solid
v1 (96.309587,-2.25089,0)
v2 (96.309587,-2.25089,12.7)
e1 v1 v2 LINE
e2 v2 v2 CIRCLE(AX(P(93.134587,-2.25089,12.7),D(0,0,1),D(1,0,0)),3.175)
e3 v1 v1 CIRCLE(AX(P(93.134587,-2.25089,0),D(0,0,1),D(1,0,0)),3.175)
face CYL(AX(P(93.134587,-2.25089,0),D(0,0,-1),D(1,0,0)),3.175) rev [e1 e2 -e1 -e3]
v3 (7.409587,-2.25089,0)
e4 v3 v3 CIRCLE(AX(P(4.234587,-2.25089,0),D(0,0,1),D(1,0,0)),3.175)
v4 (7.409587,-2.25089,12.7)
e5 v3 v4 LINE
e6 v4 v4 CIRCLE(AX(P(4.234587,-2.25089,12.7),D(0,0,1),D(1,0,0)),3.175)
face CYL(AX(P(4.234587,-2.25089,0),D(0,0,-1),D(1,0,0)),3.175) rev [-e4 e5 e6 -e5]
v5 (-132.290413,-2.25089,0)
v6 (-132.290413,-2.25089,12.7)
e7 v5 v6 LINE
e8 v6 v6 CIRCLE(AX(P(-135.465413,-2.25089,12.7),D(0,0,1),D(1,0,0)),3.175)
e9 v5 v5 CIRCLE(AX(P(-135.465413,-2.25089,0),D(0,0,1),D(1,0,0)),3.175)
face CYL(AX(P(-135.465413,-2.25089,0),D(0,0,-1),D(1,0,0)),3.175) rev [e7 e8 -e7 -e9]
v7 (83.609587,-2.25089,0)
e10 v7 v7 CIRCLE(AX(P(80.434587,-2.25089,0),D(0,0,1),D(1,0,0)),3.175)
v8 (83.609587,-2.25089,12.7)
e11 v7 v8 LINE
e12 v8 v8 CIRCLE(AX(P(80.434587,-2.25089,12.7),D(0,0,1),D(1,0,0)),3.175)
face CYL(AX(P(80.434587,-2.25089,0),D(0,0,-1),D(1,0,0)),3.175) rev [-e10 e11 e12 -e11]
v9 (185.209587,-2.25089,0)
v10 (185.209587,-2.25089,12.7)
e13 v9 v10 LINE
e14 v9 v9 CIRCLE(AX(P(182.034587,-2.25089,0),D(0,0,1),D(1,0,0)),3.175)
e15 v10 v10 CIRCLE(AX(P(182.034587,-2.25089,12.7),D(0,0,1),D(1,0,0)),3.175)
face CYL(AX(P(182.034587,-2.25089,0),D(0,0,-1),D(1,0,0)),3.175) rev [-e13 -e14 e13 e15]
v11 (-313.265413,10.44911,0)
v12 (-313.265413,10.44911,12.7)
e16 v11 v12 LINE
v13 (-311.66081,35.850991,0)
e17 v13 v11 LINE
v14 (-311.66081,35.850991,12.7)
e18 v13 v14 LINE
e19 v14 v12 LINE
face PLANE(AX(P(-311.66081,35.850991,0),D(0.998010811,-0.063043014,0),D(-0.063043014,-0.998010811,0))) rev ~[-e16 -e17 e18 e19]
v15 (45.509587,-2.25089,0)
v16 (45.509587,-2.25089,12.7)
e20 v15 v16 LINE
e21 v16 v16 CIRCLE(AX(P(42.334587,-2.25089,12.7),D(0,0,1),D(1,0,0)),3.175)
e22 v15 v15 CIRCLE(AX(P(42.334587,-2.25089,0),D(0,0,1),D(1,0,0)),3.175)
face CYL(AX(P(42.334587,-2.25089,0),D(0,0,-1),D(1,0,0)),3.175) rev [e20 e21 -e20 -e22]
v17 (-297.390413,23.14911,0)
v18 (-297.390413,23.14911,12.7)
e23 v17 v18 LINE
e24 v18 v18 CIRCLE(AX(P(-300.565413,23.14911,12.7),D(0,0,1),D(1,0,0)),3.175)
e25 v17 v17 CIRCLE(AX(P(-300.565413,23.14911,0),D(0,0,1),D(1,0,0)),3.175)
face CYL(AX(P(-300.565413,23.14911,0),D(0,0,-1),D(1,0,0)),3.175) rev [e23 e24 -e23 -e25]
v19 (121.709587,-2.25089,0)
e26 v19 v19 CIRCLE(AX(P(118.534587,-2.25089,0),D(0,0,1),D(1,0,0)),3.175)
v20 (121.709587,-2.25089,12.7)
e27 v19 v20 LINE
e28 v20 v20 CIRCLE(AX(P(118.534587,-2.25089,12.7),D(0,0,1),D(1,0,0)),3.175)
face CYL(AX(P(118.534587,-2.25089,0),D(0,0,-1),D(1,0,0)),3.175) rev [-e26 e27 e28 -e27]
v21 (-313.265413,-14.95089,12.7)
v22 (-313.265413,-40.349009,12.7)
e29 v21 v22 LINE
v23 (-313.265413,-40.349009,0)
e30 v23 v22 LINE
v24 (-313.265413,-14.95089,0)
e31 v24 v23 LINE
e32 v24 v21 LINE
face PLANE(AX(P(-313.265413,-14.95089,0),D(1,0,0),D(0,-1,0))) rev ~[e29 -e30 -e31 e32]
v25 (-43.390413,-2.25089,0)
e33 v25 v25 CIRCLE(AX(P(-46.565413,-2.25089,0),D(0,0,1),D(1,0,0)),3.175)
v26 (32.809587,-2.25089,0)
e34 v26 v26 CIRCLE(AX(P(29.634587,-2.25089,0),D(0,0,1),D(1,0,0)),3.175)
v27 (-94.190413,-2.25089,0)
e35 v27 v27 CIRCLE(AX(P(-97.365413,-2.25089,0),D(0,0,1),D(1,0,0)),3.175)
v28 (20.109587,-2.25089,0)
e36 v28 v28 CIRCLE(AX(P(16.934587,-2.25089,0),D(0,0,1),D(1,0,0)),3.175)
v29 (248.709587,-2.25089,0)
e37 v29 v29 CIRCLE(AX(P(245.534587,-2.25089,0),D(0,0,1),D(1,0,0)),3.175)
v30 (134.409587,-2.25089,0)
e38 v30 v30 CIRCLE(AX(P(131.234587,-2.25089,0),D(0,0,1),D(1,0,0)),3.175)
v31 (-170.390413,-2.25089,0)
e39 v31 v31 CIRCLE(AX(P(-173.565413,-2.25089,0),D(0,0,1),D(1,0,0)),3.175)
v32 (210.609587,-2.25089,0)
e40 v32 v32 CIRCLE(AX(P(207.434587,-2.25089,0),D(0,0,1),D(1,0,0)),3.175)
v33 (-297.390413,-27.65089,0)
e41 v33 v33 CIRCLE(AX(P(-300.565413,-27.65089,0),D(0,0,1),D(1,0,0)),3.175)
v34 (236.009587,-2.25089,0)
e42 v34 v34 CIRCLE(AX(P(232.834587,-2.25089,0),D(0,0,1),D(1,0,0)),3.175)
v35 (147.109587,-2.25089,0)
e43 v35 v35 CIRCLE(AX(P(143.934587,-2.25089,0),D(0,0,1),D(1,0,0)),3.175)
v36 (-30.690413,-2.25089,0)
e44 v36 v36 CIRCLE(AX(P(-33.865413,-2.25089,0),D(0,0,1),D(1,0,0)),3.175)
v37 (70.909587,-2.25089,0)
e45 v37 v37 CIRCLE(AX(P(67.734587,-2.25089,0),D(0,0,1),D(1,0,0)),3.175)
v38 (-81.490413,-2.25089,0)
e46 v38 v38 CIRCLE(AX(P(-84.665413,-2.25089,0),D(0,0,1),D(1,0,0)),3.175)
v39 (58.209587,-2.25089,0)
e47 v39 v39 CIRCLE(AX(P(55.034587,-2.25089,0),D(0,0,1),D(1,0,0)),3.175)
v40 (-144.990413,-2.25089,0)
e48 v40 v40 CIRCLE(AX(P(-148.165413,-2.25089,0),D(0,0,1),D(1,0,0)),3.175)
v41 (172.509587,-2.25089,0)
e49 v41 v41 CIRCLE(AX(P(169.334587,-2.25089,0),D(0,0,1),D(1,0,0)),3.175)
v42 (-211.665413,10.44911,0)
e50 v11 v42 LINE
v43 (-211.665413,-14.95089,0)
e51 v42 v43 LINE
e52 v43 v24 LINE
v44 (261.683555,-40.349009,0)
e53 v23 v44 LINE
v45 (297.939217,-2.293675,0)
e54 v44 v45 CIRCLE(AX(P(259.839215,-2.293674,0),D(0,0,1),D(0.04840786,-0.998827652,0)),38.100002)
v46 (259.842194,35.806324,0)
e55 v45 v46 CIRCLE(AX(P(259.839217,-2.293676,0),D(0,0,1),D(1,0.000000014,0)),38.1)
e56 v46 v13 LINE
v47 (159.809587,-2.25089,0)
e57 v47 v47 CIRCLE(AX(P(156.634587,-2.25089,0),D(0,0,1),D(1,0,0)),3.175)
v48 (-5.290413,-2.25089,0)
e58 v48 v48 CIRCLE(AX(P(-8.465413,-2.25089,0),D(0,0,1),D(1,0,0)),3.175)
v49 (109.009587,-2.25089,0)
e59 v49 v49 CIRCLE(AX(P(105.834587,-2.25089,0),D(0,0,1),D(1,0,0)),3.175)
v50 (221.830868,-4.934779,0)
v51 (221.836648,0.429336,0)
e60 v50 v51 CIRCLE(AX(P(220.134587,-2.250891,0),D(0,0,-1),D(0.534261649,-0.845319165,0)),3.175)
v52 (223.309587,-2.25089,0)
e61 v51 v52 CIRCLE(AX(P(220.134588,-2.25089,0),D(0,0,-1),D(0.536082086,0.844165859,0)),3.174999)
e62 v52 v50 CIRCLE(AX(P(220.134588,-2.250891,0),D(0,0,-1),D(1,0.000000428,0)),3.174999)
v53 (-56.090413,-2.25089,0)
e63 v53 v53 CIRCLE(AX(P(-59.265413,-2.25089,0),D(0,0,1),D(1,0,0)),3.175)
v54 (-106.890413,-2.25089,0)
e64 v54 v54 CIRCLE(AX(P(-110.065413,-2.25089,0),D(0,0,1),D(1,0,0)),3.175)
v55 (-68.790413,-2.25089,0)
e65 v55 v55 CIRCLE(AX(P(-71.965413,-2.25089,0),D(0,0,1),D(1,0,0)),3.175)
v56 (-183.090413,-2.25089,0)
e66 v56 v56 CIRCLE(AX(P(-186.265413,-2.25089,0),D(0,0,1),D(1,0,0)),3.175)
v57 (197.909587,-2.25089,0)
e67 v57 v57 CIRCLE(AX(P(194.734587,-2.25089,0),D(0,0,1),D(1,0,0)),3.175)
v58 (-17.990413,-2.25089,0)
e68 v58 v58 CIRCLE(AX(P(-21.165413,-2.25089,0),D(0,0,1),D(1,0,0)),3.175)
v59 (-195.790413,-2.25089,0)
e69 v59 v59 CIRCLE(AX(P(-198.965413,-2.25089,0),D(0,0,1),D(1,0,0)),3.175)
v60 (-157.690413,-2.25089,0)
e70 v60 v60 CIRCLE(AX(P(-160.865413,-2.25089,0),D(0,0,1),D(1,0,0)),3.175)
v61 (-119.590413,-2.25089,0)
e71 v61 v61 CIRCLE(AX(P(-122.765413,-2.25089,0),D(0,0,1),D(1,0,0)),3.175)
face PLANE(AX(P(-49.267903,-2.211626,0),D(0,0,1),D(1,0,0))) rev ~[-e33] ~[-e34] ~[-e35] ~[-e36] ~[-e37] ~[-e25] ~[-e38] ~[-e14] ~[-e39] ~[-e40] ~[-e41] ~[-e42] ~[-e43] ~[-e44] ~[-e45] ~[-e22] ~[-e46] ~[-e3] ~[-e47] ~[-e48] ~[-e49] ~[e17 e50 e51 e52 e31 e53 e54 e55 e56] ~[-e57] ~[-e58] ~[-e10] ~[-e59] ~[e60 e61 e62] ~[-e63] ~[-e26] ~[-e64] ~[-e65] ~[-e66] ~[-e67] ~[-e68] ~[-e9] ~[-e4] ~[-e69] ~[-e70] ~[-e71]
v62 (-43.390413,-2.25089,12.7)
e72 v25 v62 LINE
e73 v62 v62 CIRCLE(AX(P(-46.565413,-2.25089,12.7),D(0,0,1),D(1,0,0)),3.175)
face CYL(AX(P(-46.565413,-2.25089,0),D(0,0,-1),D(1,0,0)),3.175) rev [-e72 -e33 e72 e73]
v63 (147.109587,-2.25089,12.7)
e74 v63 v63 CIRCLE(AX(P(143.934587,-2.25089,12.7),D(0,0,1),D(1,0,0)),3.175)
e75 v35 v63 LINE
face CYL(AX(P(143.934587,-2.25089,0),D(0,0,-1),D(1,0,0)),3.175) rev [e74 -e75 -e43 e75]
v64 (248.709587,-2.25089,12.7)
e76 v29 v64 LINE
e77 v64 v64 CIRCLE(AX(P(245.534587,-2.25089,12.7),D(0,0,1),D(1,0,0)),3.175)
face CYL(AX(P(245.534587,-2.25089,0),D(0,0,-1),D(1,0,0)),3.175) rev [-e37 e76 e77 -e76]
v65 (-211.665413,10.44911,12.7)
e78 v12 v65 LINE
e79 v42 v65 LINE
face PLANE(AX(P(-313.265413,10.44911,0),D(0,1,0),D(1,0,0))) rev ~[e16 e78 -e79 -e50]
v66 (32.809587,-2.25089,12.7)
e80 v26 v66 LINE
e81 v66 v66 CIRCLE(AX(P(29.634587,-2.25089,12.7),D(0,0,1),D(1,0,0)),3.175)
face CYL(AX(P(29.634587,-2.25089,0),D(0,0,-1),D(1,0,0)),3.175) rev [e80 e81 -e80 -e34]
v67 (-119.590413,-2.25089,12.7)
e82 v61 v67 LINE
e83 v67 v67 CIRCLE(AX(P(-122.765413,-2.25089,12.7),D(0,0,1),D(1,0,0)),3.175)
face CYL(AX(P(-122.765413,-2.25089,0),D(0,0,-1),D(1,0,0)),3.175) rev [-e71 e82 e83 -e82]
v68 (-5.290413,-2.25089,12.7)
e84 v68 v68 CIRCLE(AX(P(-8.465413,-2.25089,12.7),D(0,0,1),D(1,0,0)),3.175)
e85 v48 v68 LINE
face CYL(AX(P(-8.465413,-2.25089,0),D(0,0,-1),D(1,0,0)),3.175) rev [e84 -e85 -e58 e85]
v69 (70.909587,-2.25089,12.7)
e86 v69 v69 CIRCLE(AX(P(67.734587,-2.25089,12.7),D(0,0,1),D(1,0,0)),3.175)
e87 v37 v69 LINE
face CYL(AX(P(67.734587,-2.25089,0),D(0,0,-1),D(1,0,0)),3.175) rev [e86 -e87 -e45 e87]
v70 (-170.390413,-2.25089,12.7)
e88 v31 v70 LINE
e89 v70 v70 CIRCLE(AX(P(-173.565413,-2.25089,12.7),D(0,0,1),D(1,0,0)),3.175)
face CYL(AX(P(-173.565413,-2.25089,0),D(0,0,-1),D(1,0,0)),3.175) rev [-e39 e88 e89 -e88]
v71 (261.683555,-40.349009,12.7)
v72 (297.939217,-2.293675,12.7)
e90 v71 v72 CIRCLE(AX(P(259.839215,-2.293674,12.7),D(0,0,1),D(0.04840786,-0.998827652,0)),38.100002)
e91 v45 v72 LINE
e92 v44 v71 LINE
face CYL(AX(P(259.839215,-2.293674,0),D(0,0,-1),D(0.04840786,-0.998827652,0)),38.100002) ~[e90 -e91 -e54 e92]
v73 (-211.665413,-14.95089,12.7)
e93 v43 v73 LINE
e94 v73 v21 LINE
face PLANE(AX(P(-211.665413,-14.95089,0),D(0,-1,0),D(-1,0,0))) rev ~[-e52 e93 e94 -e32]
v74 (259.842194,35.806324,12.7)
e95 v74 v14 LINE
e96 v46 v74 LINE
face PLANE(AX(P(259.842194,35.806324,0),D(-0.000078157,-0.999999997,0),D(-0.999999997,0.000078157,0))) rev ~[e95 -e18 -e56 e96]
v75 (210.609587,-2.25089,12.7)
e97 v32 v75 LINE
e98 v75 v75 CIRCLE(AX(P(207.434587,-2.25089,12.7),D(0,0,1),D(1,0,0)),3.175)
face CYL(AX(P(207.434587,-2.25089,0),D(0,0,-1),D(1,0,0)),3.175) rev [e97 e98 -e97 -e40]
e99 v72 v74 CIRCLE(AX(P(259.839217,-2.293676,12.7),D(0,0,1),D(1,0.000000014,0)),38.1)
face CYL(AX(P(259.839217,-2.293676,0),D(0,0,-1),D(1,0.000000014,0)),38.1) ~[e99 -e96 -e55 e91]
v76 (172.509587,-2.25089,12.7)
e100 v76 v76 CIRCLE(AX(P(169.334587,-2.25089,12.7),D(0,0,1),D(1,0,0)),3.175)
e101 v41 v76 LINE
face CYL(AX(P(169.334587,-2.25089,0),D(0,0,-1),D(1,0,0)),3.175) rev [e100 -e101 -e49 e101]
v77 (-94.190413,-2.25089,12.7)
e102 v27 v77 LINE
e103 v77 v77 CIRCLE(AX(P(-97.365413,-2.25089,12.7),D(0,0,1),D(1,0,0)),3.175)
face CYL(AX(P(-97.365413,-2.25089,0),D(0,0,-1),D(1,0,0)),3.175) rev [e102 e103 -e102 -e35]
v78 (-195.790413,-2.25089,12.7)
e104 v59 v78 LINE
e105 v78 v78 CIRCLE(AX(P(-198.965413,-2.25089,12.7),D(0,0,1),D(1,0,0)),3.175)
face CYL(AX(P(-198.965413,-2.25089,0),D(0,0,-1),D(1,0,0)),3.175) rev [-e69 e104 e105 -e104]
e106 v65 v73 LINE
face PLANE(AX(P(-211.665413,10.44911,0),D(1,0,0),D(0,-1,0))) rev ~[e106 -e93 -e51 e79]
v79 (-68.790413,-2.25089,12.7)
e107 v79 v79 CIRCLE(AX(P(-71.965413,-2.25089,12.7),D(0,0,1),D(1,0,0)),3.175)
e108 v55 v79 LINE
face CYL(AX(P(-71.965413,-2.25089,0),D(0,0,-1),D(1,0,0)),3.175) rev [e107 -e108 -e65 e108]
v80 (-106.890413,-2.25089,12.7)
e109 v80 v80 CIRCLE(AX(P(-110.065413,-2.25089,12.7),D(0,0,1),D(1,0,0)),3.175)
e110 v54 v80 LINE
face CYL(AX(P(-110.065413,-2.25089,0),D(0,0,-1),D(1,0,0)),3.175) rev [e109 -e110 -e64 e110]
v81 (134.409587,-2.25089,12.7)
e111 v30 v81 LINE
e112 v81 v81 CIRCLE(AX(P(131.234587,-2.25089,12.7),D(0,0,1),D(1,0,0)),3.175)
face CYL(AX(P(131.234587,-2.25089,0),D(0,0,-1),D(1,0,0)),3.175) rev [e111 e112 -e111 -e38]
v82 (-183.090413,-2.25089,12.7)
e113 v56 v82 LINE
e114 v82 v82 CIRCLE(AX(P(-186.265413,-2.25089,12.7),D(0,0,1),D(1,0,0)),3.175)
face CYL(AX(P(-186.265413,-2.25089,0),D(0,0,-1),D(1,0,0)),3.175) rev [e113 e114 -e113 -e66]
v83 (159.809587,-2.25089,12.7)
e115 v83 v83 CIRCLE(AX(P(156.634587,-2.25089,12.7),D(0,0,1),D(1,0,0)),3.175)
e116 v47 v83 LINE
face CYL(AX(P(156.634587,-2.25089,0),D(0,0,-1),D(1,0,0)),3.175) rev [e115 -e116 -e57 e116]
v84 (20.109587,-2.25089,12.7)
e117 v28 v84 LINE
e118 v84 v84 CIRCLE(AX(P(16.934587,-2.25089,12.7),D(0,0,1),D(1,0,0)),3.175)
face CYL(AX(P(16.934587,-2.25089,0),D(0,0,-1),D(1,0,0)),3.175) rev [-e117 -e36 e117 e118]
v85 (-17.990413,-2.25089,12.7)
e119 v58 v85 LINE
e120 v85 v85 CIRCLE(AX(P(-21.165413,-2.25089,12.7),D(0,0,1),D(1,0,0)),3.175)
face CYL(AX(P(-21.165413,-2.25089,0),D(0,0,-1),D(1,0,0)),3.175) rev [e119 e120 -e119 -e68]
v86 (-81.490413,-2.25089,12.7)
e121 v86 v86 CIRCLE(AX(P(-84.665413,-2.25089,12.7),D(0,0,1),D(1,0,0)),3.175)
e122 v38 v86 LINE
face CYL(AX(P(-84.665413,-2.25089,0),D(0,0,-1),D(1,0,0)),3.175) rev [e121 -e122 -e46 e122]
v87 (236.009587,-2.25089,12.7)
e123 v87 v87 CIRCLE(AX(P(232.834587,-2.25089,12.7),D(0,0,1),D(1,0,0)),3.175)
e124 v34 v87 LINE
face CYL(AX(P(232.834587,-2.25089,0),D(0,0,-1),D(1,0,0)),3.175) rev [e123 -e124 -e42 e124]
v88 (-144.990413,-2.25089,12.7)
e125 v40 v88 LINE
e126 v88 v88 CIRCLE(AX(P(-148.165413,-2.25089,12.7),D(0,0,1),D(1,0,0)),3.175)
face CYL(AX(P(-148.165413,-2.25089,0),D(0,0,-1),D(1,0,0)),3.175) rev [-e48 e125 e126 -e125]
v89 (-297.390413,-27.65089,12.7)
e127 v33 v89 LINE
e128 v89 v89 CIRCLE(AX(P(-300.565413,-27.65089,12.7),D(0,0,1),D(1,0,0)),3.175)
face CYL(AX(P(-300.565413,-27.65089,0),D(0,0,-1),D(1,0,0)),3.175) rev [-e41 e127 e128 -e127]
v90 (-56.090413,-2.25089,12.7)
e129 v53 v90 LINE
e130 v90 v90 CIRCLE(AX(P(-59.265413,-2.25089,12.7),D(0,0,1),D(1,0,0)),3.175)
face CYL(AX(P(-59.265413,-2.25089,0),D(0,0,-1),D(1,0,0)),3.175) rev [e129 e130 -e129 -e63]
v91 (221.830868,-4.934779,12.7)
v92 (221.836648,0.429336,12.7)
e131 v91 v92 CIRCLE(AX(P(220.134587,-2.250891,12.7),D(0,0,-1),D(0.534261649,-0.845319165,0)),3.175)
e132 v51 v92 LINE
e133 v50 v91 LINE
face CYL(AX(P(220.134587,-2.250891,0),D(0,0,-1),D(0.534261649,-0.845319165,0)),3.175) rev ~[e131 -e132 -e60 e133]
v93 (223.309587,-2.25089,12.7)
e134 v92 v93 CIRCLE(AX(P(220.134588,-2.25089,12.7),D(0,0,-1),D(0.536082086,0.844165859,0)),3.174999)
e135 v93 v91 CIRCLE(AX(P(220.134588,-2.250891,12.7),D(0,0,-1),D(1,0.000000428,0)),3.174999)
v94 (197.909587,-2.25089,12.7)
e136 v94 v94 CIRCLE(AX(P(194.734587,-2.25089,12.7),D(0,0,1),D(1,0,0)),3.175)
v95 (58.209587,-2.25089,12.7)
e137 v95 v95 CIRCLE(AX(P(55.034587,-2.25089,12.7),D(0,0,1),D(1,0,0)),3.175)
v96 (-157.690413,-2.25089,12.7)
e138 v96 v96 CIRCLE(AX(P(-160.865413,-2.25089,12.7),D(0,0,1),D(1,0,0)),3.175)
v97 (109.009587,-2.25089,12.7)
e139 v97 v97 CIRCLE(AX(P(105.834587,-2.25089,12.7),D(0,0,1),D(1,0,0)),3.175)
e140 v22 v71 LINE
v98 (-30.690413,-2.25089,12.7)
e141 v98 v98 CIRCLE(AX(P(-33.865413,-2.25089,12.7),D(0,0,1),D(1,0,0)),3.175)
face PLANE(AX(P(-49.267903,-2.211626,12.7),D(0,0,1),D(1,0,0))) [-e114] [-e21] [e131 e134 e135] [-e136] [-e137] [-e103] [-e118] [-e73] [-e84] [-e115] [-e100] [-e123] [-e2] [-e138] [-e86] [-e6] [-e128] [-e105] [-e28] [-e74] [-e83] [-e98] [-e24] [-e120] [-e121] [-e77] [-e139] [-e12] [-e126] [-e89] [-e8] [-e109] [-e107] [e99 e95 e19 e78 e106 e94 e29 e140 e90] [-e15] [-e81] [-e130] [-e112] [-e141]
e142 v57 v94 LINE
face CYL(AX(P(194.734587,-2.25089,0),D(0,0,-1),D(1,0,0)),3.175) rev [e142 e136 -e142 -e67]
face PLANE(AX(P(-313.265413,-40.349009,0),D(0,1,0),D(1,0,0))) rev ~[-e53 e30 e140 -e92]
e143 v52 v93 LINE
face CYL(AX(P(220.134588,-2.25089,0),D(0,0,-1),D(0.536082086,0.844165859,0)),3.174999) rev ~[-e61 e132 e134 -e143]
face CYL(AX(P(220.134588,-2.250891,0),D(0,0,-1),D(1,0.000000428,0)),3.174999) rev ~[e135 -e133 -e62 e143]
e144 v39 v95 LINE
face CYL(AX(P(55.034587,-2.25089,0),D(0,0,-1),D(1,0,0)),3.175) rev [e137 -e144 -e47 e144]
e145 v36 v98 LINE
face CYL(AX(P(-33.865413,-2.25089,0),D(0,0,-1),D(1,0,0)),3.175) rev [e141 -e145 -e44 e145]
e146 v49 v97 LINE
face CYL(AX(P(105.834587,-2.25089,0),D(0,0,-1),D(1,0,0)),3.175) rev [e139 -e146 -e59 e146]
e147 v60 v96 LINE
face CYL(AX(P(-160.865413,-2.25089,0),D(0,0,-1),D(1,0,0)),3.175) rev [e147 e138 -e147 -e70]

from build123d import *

# Parameters (mm, degrees)
F0_R     = 3.175
F1_DEPTH = 12.7


with BuildPart() as f1:
    # F0 (on Top) → F1 (new body)
    with BuildSketch(Plane.XY):
        with BuildLine():
            ThreePointArc((221.836648, 0.429336), (233.880113, 25.594224), (259.842194, 35.806324))
            Line((259.842194, 35.806324), (-311.66081, 35.850991))
            Line((-311.66081, 35.850991), (-313.265413, 10.44911))
            Line((-313.265413, 10.44911), (-211.665413, 10.44911))
            Line((-211.665413, 10.44911), (-211.665413, -14.95089))
            Line((-211.665413, -14.95089), (-313.265413, -14.95089))
            Line((-313.265413, -14.95089), (-313.265413, -40.349009))
            Line((-313.265413, -40.349009), (257.994878, -40.349009))
            ThreePointArc((257.994878, -40.349009), (233.182114, -29.515154), (221.830868, -4.934779))
            ThreePointArc((221.830868, -4.934779), (216.959589, -2.247469), (221.836648, 0.429336))
        make_face()
        with Locations((-300.565413, -27.65089)):
            Circle(F0_R, mode=Mode.SUBTRACT)
        with Locations((-198.965413, -2.25089)):
            Circle(F0_R, mode=Mode.SUBTRACT)
        with Locations((-186.265413, -2.25089)):
            Circle(F0_R, mode=Mode.SUBTRACT)
        with Locations((-173.565413, -2.25089)):
            Circle(F0_R, mode=Mode.SUBTRACT)
        with Locations((-160.865413, -2.25089)):
            Circle(F0_R, mode=Mode.SUBTRACT)
        with Locations((-148.165413, -2.25089)):
            Circle(F0_R, mode=Mode.SUBTRACT)
        with Locations((-135.465413, -2.25089)):
            Circle(F0_R, mode=Mode.SUBTRACT)
        with Locations((-122.765413, -2.25089)):
            Circle(F0_R, mode=Mode.SUBTRACT)
        with Locations((-110.065413, -2.25089)):
            Circle(F0_R, mode=Mode.SUBTRACT)
        with Locations((-97.365413, -2.25089)):
            Circle(F0_R, mode=Mode.SUBTRACT)
        with Locations((-84.665413, -2.25089)):
            Circle(F0_R, mode=Mode.SUBTRACT)
        with Locations((-71.965413, -2.25089)):
            Circle(F0_R, mode=Mode.SUBTRACT)
        with Locations((-59.265413, -2.25089)):
            Circle(F0_R, mode=Mode.SUBTRACT)
        with Locations((-46.565413, -2.25089)):
            Circle(F0_R, mode=Mode.SUBTRACT)
        with Locations((-33.865413, -2.25089)):
            Circle(F0_R, mode=Mode.SUBTRACT)
        with Locations((-21.165413, -2.25089)):
            Circle(F0_R, mode=Mode.SUBTRACT)
        with Locations((-8.465413, -2.25089)):
            Circle(F0_R, mode=Mode.SUBTRACT)
        with Locations((-300.565413, 23.14911)):
            Circle(F0_R, mode=Mode.SUBTRACT)
        with Locations((4.234587, -2.25089)):
            Circle(F0_R, mode=Mode.SUBTRACT)
        with Locations((16.934587, -2.25089)):
            Circle(F0_R, mode=Mode.SUBTRACT)
        with Locations((29.634587, -2.25089)):
            Circle(F0_R, mode=Mode.SUBTRACT)
        with Locations((42.334587, -2.25089)):
            Circle(F0_R, mode=Mode.SUBTRACT)
        with Locations((55.034587, -2.25089)):
            Circle(F0_R, mode=Mode.SUBTRACT)
        with Locations((67.734587, -2.25089)):
            Circle(F0_R, mode=Mode.SUBTRACT)
        with Locations((80.434587, -2.25089)):
            Circle(F0_R, mode=Mode.SUBTRACT)
        with Locations((93.134587, -2.25089)):
            Circle(F0_R, mode=Mode.SUBTRACT)
        with Locations((105.834587, -2.25089)):
            Circle(F0_R, mode=Mode.SUBTRACT)
        with Locations((118.534587, -2.25089)):
            Circle(F0_R, mode=Mode.SUBTRACT)
        with Locations((131.234587, -2.25089)):
            Circle(F0_R, mode=Mode.SUBTRACT)
        with Locations((143.934587, -2.25089)):
            Circle(F0_R, mode=Mode.SUBTRACT)
        with Locations((156.634587, -2.25089)):
            Circle(F0_R, mode=Mode.SUBTRACT)
        with Locations((169.334587, -2.25089)):
            Circle(F0_R, mode=Mode.SUBTRACT)
        with Locations((182.034587, -2.25089)):
            Circle(F0_R, mode=Mode.SUBTRACT)
        with Locations((194.734587, -2.25089)):
            Circle(F0_R, mode=Mode.SUBTRACT)
        with Locations((207.434587, -2.25089)):
            Circle(F0_R, mode=Mode.SUBTRACT)
        with BuildLine():
            ThreePointArc((261.683555, -40.349009), (287.424351, -28.574283), (297.939217, -2.293675))
            ThreePointArc((297.939217, -2.293675), (286.781038, 24.64604), (259.842194, 35.806324))
            ThreePointArc((259.842194, 35.806324), (233.880113, 25.594224), (221.836648, 0.429336))
            ThreePointArc((221.836648, 0.429336), (222.917092, -0.721743), (223.309587, -2.25089))
            ThreePointArc((223.309587, -2.25089), (222.915443, -3.783035), (221.830868, -4.934779))
            ThreePointArc((221.830868, -4.934779), (233.182114, -29.515154), (257.994878, -40.349009))
            Line((257.994878, -40.349009), (261.683555, -40.349009))
        make_face()
        with Locations((232.834587, -2.25089)):
            Circle(F0_R, mode=Mode.SUBTRACT)
        with Locations((245.534587, -2.25089)):
            Circle(F0_R, mode=Mode.SUBTRACT)
    extrude(amount=F1_DEPTH)


solid = f1.part
